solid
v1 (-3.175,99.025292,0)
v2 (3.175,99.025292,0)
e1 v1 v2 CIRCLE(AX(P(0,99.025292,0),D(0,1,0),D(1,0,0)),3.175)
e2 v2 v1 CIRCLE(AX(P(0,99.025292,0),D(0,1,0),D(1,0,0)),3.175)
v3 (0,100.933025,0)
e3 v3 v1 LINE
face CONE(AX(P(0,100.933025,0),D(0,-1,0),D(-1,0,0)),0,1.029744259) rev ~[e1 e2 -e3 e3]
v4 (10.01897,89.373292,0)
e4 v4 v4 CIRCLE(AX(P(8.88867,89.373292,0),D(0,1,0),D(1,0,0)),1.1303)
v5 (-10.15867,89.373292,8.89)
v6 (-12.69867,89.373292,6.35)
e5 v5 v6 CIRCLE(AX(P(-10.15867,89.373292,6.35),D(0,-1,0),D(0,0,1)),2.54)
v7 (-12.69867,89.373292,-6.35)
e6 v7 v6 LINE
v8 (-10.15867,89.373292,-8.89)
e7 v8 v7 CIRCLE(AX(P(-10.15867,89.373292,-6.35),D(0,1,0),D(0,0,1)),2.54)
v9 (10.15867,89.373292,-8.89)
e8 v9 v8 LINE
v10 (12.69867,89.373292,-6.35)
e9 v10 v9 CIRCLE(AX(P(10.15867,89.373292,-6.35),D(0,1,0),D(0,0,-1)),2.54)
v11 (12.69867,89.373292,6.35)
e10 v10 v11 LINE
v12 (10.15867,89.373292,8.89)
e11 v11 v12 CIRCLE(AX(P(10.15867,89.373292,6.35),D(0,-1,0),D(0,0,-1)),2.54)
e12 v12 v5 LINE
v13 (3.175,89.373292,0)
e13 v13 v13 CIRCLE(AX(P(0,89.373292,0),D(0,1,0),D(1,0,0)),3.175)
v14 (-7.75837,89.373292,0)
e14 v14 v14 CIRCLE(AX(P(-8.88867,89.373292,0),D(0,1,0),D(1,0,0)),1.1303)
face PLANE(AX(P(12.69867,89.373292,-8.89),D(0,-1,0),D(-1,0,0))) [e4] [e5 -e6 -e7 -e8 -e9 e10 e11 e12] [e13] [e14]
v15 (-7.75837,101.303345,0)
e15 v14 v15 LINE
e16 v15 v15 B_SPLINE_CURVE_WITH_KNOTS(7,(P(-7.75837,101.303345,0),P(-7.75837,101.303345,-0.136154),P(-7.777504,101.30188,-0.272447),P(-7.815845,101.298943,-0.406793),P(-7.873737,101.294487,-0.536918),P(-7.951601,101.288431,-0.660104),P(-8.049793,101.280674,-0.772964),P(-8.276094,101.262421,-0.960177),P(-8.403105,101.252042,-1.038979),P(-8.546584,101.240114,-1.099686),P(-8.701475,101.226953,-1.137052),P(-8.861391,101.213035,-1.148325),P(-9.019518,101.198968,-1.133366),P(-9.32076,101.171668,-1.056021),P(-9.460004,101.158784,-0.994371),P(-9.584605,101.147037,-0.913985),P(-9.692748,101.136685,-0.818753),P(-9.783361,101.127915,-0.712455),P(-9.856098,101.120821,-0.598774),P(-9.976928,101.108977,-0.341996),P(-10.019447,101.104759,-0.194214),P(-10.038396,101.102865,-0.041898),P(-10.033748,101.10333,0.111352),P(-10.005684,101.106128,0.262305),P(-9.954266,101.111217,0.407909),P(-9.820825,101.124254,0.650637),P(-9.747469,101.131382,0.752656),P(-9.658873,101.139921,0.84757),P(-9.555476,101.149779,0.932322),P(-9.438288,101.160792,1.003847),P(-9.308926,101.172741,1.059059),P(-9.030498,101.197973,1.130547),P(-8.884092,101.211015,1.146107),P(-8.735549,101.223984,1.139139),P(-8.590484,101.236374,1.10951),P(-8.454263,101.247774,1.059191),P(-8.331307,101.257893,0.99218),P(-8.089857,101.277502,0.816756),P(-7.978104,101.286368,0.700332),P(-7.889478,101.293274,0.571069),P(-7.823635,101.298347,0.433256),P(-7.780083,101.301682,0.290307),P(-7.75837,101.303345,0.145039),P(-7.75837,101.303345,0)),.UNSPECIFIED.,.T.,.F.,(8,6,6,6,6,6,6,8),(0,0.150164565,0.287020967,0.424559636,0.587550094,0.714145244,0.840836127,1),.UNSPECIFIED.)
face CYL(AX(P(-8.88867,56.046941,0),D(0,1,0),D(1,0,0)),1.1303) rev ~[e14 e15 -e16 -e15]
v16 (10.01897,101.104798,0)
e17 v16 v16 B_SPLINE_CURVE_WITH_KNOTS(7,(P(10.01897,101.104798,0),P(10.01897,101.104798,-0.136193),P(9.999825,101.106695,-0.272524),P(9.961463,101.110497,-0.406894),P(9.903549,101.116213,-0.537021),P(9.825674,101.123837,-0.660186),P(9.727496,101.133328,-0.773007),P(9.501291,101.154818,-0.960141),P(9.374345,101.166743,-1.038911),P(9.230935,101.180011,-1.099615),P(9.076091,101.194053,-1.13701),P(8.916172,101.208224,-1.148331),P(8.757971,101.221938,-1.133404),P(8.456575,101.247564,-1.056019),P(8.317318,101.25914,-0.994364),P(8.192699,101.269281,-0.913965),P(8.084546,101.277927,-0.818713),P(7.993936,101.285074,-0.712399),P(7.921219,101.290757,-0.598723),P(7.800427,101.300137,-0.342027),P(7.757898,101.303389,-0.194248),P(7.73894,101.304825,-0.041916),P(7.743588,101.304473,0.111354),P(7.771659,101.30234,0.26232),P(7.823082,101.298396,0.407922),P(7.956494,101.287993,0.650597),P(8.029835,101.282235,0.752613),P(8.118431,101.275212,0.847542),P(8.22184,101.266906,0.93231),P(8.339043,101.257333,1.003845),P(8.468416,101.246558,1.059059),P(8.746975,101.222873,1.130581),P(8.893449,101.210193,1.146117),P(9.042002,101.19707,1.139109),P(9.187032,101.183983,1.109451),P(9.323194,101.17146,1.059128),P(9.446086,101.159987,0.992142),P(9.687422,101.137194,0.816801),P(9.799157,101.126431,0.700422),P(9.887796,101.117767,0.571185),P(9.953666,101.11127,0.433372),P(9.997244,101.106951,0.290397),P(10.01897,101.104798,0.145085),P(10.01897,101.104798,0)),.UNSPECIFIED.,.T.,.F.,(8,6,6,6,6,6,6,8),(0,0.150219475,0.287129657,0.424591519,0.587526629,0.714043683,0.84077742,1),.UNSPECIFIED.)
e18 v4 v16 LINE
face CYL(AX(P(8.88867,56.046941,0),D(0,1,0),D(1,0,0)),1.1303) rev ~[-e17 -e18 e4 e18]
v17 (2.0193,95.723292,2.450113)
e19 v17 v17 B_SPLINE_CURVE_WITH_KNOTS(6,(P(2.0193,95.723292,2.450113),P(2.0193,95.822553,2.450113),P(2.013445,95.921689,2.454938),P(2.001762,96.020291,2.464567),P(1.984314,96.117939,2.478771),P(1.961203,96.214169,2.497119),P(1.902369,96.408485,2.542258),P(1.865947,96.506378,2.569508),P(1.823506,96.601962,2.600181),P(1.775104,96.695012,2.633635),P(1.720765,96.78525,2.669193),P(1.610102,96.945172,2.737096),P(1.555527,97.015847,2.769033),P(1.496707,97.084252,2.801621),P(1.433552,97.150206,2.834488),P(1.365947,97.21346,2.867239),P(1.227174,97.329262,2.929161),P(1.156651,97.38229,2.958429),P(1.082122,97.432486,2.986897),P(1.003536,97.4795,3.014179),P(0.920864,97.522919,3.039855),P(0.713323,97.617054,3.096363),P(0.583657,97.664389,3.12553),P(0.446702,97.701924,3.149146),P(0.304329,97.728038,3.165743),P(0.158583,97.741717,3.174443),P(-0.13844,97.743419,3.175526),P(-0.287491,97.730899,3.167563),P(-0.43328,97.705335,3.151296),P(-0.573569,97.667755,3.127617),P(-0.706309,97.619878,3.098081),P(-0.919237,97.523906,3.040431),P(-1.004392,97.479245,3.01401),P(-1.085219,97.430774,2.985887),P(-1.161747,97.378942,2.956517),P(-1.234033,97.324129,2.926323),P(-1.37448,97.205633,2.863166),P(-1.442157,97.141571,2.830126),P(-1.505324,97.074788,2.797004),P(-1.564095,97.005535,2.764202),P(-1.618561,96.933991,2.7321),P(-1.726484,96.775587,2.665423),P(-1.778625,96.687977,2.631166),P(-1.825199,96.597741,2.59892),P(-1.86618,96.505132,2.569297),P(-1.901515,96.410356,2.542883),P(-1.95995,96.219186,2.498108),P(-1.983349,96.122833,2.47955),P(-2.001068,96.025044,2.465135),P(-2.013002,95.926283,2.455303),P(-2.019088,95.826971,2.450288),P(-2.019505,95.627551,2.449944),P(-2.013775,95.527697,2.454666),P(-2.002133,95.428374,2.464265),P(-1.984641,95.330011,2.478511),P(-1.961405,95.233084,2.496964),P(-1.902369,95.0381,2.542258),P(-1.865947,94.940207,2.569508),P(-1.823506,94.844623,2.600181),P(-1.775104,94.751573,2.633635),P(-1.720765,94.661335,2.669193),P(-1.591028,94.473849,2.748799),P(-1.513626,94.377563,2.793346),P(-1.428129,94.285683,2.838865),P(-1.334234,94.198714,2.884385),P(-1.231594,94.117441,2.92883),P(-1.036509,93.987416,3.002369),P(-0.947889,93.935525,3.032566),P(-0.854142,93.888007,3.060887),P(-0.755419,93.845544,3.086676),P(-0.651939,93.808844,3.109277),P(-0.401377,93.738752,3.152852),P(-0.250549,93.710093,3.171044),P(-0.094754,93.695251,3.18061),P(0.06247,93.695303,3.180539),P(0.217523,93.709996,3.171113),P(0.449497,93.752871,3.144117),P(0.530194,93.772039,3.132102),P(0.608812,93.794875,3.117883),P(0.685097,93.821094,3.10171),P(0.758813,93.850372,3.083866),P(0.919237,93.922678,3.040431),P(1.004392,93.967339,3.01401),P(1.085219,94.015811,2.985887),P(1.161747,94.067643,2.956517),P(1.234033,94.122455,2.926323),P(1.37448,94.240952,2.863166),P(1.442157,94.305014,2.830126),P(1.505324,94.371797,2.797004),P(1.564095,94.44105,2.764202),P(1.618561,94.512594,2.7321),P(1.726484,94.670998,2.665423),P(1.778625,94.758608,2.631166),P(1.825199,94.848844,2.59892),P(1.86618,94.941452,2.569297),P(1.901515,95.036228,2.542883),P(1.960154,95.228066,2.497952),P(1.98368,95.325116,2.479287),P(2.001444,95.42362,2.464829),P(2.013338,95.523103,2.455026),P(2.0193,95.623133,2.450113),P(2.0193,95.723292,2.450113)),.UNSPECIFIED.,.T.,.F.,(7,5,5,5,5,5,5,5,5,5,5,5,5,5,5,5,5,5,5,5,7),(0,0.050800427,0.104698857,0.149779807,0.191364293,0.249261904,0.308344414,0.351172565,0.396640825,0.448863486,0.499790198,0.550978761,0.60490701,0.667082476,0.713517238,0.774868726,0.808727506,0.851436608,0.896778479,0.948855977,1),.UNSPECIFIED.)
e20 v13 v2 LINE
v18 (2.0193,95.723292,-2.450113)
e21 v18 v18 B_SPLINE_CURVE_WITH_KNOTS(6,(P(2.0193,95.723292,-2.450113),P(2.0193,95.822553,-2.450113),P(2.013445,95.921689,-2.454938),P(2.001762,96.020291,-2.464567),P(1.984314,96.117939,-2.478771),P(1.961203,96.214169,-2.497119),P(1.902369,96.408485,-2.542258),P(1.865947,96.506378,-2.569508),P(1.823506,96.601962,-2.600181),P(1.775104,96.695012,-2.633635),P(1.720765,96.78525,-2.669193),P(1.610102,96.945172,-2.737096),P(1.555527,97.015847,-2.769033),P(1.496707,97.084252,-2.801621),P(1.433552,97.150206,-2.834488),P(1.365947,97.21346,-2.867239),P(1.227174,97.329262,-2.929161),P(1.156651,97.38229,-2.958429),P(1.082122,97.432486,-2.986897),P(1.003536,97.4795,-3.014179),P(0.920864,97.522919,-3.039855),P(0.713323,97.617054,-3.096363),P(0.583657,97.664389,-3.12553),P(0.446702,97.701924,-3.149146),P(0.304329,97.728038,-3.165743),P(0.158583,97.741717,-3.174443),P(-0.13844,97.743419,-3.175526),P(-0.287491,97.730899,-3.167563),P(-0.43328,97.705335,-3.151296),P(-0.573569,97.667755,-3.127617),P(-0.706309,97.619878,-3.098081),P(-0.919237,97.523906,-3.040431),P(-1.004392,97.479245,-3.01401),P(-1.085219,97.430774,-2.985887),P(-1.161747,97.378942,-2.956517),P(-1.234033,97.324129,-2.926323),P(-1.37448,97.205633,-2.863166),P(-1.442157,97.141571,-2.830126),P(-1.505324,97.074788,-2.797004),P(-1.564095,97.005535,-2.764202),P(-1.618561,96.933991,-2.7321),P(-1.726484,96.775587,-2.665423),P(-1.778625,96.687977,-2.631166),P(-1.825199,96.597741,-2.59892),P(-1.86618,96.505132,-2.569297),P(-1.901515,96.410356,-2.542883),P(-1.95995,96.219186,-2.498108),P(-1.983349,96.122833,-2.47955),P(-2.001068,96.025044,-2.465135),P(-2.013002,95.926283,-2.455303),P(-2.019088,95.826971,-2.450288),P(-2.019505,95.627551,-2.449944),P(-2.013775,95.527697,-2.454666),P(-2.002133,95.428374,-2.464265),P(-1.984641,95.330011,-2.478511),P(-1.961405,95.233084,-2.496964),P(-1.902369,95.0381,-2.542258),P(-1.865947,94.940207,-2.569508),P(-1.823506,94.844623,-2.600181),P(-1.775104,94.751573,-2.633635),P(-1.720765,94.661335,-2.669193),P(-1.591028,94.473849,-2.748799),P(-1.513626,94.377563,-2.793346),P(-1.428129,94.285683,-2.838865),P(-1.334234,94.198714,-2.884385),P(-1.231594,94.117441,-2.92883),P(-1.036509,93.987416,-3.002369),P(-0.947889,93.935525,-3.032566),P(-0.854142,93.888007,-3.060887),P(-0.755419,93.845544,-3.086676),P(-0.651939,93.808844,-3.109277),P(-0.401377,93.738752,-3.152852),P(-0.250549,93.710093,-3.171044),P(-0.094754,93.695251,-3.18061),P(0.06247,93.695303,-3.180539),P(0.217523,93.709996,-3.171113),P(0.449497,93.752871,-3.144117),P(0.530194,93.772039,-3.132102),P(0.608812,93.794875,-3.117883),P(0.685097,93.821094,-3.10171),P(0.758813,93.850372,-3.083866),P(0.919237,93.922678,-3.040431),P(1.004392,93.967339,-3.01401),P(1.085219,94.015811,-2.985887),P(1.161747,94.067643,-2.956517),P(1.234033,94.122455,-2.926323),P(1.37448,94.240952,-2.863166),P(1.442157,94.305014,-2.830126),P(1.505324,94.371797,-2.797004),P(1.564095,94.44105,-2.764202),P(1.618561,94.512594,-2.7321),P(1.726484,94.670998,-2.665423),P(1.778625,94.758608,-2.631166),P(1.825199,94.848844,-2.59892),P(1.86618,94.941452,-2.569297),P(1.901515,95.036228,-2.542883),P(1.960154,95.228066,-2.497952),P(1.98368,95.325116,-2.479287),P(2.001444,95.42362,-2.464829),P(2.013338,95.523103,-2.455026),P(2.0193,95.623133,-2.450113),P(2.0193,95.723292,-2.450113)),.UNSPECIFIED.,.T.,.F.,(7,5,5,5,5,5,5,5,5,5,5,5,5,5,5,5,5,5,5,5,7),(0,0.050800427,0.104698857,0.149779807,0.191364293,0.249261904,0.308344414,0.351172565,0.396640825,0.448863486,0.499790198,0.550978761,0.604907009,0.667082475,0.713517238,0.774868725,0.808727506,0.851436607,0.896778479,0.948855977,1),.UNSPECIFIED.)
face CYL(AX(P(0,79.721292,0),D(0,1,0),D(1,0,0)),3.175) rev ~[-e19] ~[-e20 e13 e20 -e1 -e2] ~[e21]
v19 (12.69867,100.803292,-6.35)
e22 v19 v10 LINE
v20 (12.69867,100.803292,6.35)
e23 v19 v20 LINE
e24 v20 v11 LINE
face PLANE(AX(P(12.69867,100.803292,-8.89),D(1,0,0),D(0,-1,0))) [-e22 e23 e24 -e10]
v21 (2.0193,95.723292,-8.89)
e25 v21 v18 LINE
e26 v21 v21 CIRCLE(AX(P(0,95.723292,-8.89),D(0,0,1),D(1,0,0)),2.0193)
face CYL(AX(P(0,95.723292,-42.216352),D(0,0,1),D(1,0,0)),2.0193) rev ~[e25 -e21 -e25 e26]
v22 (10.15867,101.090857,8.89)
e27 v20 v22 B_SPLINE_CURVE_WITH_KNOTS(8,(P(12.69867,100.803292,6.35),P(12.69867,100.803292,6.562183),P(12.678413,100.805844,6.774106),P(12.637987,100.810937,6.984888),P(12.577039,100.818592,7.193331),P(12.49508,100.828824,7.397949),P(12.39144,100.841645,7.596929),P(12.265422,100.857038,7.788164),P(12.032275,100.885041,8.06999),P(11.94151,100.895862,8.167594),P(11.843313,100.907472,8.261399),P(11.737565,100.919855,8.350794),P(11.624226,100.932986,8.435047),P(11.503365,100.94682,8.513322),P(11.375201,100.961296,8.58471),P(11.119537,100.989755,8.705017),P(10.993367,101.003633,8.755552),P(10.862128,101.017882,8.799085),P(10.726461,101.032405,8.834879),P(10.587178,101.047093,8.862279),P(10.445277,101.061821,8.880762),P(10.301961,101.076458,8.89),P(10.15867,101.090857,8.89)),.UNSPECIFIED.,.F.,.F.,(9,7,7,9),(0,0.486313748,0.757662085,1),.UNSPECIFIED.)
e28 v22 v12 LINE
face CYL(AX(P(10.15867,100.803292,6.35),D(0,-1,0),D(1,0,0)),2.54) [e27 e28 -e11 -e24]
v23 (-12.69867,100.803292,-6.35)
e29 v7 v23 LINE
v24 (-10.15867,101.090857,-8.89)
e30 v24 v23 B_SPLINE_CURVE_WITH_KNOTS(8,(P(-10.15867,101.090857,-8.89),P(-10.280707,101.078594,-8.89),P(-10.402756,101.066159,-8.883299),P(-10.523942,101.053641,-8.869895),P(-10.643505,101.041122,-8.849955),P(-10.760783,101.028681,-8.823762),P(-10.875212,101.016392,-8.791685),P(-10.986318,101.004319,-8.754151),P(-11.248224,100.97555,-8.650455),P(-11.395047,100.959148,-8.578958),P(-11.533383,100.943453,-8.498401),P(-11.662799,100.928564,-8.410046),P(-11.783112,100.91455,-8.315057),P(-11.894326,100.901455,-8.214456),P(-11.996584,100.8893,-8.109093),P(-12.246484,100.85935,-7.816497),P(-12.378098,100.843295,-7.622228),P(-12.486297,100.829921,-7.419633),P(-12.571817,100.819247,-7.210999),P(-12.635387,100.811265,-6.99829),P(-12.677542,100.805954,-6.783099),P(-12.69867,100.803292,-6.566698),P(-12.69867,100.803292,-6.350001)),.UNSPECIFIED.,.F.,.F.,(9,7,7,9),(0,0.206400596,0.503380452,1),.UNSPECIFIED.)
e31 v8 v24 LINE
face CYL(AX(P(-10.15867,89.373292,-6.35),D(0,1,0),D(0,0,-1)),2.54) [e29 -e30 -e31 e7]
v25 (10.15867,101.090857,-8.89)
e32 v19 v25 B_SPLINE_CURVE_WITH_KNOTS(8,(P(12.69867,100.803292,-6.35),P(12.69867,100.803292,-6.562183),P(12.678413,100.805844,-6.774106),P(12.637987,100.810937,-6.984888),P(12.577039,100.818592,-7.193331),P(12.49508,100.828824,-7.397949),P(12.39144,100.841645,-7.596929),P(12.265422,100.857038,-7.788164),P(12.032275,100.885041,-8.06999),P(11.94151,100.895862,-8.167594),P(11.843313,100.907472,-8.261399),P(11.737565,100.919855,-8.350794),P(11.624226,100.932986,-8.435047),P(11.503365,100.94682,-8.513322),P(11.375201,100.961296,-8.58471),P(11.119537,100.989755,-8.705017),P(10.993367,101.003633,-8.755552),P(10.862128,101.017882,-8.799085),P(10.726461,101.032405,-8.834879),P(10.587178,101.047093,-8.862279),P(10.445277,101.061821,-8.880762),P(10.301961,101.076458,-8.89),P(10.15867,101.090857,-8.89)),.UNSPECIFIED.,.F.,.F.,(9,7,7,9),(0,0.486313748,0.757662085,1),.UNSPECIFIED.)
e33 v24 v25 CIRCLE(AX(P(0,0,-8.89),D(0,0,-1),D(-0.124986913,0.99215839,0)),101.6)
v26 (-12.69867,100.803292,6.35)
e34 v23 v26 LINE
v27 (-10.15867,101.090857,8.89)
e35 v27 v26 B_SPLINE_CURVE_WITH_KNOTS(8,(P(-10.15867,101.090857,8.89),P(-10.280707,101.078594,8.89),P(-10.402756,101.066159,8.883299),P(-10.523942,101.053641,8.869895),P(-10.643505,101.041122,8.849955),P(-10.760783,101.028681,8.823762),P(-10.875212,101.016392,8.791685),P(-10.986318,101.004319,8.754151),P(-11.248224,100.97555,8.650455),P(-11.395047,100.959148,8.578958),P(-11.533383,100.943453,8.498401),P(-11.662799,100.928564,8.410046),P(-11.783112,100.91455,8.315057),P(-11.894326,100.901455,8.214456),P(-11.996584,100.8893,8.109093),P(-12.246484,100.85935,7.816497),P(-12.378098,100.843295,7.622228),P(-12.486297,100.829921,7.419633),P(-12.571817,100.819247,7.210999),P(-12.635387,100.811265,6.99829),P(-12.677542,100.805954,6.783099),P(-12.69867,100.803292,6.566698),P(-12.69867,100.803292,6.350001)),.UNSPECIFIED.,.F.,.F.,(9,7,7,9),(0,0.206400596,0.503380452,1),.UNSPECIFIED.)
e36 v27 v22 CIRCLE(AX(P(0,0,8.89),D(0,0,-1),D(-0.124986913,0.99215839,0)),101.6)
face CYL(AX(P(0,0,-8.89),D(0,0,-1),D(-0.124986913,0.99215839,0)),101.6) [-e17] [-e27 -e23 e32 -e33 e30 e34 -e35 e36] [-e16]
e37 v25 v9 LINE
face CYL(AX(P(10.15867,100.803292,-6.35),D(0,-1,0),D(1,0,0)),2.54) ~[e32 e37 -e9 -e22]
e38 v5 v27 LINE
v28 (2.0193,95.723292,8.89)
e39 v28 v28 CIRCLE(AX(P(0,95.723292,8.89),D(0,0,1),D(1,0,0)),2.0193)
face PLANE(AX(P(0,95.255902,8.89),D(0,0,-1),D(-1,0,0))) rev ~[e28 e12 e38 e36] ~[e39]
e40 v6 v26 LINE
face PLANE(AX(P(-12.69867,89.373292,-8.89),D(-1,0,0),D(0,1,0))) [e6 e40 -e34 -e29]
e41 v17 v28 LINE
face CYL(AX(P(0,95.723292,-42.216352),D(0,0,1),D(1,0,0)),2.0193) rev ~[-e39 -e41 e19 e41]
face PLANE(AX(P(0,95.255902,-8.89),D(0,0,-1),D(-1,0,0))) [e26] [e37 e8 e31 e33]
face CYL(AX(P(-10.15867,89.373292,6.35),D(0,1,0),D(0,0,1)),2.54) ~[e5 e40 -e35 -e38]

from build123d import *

# Parameters (mm, degrees)
BOSS_EXTRUDE1_DEPTH             = 8.89
BOSS_EXTRUDE1_DEPTH_BACK        = 8.89
F_1_4_0_25_DIAMETER_SLOT1_D     = 6.35
F_1_4_0_25_DIAMETER_SLOT1_DEPTH = 9.652
F_1_4_0_25_DIAMETER_SLOT1_TIP   = 1.907732465
TAP_DRILL_FOR_4_40_TAP2_D       = 2.2606
FILLET1_R                       = 2.54
F_10_32_TAPPED_HOLE1_D          = 4.0386


with BuildPart() as part:
    # Sketch1 → Boss-Extrude1 (new, two sides: drawn at the far end of the back side and taken through both)
    with BuildSketch(Plane.XY.offset(-BOSS_EXTRUDE1_DEPTH_BACK)):
        with BuildLine():
            Line((12.698670317, 100.803292467), (12.698670317, 89.373292467))
            Line((12.698670317, 89.373292467), (-12.698670317, 89.373292467))
            Line((-12.698670317, 89.373292467), (-12.698670317, 100.803292467))
            ThreePointArc((-12.698670317, 100.803292467), (0, 101.6), (12.698670317, 100.803292467))
        make_face()
    extrude(amount=BOSS_EXTRUDE1_DEPTH + BOSS_EXTRUDE1_DEPTH_BACK)

    # 1/4 (0.25) Diameter Slot1
    with Locations(Plane(origin=(0, 89.373292467, 0), x_dir=(-1, 0, 0), z_dir=(0, -1, 0))):
        with Locations((0, 0)):
            Hole(F_1_4_0_25_DIAMETER_SLOT1_D / 2, depth=F_1_4_0_25_DIAMETER_SLOT1_DEPTH)
            with Locations((0, 0, -(F_1_4_0_25_DIAMETER_SLOT1_DEPTH + F_1_4_0_25_DIAMETER_SLOT1_TIP / 2))):  # 118° drill point
                Cone(0, F_1_4_0_25_DIAMETER_SLOT1_D / 2, F_1_4_0_25_DIAMETER_SLOT1_TIP, mode=Mode.SUBTRACT)

    # Tap Drill for #4-40 Tap2 (through all)
    with Locations(Plane(origin=(0, 89.373292467, 0), x_dir=(-1, 0, 0), z_dir=(0, -1, 0))):
        with Locations((8.888670317, 0), (-8.888670317, 0)):
            Hole(TAP_DRILL_FOR_4_40_TAP2_D / 2)

    # Fillet1
    fillet1_edges = [part.edges().sort_by_distance(p)[0] for p in [
        (12.698670317, 95.088292467, -8.89),
        (-12.698670317, 95.088292467, 8.89),
        (12.698670317, 95.088292467, 8.89),
        (-12.698670317, 95.088292467, -8.89),
    ]]
    fillet(fillet1_edges, radius=FILLET1_R)

    # #10-32 Tapped Hole1 (through all)
    with Locations(Plane(origin=(0, 0, -8.89), x_dir=(-1, 0, 0), z_dir=(0, 0, -1))):
        with Locations((0, 95.723292467)):
            Hole(F_10_32_TAPPED_HOLE1_D / 2)


solid = part.part
